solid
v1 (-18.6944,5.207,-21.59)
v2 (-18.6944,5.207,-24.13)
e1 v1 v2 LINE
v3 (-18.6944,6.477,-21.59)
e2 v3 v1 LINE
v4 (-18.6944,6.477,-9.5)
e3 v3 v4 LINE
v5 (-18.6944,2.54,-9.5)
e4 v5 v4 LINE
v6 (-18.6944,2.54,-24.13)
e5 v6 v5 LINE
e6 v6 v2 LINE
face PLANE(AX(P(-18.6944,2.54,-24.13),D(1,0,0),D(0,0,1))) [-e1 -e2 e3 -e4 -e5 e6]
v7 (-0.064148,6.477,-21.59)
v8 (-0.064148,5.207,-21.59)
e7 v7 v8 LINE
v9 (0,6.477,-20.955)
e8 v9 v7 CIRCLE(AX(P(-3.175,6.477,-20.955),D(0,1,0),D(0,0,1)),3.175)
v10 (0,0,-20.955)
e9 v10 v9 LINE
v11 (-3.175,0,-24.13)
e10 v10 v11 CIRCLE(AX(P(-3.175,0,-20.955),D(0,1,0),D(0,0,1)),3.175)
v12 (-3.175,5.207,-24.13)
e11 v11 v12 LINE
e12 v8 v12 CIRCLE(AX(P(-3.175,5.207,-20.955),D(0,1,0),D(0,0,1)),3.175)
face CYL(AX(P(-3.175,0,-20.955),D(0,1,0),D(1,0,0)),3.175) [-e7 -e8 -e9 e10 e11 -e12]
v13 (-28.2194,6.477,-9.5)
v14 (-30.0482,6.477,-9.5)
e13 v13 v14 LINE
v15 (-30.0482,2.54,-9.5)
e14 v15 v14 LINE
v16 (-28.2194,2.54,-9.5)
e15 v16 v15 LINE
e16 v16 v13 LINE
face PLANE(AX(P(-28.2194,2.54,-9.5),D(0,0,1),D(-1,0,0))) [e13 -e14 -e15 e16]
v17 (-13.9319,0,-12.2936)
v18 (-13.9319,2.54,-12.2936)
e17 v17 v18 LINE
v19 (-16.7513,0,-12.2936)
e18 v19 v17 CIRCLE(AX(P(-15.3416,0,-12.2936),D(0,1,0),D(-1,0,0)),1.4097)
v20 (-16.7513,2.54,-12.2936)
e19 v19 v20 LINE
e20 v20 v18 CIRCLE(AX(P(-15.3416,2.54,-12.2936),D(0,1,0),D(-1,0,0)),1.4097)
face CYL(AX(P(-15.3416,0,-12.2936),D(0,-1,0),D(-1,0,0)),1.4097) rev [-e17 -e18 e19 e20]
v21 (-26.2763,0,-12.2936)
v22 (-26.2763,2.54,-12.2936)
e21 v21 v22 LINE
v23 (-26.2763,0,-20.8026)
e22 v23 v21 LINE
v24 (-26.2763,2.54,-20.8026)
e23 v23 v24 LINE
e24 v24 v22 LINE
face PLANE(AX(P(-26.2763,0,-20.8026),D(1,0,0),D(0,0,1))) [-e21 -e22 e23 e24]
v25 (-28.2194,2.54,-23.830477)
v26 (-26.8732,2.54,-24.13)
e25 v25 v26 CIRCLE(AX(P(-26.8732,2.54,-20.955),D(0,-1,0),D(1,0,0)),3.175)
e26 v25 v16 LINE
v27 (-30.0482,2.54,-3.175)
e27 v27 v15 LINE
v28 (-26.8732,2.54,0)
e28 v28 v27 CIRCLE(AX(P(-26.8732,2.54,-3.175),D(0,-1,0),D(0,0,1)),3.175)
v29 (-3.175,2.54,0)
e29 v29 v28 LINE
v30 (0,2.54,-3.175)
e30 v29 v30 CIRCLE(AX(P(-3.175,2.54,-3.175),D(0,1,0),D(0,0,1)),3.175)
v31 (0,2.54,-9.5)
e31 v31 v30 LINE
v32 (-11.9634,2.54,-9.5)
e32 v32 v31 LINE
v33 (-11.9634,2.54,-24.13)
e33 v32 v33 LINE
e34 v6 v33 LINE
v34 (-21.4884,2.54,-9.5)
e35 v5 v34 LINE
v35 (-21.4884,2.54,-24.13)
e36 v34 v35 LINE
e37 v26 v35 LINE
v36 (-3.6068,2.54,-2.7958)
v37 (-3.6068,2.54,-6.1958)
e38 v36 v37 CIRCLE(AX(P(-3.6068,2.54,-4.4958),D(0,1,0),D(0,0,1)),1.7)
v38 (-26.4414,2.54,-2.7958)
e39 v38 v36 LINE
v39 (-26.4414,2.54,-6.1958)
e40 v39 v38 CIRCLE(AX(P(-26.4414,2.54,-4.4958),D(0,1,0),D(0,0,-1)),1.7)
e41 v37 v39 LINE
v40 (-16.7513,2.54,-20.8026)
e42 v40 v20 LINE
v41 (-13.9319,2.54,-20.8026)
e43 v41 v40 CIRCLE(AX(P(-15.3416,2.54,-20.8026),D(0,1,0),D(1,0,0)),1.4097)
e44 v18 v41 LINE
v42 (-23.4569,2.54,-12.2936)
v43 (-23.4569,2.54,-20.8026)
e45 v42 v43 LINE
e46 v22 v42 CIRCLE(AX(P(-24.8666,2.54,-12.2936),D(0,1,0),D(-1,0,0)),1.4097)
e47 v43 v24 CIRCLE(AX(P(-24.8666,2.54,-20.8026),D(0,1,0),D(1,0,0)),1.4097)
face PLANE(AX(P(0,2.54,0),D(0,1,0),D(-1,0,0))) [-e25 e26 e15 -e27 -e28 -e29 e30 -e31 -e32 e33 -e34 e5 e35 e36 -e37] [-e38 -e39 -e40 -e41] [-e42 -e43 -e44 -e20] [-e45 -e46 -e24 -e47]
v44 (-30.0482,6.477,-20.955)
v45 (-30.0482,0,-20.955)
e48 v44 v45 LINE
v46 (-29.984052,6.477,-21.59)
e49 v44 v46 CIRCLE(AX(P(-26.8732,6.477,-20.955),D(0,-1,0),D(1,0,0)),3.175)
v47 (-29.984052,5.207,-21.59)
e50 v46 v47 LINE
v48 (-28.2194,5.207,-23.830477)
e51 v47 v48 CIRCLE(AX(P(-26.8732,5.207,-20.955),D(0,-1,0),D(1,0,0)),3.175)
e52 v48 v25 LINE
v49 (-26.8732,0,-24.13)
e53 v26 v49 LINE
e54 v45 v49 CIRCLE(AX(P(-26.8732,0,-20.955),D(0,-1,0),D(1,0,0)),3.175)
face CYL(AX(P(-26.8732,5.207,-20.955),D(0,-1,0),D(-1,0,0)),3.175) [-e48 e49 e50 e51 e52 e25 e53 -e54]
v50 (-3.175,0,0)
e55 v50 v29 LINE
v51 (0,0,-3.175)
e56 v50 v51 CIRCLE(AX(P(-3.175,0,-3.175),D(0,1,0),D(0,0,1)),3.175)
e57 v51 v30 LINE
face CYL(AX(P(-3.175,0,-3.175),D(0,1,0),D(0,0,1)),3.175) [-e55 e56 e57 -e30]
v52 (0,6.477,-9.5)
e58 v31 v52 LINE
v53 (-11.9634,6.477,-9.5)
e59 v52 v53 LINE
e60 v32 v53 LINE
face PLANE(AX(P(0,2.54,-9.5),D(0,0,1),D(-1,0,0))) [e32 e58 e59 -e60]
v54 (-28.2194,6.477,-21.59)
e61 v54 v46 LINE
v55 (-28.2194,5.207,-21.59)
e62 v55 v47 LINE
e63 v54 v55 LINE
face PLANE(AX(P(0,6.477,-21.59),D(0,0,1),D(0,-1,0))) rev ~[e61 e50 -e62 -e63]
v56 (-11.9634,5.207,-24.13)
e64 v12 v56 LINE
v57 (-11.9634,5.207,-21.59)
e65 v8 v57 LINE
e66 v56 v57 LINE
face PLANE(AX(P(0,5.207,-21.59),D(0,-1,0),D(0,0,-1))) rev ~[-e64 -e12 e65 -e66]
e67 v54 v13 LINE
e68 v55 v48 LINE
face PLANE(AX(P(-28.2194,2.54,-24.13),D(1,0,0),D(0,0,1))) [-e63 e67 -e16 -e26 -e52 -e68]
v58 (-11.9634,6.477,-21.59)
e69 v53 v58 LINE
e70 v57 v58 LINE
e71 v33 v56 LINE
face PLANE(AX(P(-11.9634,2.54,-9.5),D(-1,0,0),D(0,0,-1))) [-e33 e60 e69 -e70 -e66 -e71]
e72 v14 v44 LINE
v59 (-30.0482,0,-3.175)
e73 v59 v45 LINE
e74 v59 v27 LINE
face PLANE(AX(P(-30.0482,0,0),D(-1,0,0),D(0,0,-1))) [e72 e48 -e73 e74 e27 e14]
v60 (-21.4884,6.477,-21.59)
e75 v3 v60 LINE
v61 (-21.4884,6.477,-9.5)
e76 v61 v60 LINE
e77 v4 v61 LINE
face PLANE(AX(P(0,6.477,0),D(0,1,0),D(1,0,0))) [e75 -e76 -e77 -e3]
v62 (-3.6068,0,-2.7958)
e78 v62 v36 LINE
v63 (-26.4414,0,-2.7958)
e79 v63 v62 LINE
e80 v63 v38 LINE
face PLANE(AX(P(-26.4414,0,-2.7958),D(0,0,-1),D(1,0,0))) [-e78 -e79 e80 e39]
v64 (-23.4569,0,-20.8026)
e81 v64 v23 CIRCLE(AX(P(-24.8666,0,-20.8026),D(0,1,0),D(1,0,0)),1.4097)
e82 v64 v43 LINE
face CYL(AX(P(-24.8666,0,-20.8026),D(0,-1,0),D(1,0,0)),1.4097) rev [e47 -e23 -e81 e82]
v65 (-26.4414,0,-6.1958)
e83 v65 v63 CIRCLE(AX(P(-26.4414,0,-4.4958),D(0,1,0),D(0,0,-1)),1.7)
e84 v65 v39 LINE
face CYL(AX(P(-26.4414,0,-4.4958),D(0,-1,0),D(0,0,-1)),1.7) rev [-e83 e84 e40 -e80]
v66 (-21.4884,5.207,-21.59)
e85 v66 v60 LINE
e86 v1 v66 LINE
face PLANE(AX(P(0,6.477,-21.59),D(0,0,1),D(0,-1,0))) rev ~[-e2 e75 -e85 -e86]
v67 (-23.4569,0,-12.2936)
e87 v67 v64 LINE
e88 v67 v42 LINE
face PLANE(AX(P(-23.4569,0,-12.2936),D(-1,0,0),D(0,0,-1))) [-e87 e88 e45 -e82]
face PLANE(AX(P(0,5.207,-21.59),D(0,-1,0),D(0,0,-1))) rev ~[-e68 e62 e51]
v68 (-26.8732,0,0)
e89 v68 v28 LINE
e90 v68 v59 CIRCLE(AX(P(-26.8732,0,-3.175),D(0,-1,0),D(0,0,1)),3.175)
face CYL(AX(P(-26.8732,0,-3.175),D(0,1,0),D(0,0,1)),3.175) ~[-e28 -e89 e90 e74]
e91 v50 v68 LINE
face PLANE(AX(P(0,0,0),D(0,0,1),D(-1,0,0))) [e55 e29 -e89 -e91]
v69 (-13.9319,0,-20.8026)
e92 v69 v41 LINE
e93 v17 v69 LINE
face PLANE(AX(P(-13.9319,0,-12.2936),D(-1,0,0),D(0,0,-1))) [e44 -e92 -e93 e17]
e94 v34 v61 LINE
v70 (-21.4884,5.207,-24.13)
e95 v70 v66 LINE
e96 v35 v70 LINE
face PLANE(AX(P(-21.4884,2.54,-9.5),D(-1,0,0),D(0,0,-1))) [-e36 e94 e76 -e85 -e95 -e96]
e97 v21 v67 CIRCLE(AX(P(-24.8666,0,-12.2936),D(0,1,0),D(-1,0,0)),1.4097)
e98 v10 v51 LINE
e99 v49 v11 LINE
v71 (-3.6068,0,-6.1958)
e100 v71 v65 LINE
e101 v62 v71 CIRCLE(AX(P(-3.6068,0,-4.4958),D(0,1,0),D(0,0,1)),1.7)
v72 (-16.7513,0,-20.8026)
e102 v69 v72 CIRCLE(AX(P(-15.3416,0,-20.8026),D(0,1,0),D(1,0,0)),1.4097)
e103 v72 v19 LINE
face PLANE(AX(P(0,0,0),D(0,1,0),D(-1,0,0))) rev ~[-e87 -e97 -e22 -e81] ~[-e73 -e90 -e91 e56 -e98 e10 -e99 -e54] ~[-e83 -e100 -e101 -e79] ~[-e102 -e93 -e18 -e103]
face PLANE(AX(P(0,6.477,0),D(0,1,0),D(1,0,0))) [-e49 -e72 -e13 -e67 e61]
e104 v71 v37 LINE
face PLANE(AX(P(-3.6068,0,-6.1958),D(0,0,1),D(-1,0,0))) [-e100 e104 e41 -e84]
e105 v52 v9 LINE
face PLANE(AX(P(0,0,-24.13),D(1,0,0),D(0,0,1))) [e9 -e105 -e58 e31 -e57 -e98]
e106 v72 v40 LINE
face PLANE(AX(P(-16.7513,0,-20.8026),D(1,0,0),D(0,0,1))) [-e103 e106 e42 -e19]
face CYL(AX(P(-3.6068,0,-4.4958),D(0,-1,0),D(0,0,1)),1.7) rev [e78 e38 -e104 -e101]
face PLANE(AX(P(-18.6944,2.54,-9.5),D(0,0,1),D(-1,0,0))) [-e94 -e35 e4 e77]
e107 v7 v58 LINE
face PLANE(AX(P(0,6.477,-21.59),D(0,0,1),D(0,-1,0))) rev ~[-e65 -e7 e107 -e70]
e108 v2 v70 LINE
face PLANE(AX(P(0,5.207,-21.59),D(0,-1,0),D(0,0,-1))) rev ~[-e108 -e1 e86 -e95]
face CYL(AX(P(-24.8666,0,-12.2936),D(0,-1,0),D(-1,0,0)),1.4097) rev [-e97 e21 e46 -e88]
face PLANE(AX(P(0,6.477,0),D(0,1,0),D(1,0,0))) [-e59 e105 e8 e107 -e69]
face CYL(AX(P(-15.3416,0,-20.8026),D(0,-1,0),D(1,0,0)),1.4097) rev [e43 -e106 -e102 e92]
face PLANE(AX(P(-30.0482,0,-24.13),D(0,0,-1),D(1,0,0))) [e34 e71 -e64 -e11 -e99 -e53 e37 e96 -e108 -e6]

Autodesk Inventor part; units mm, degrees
ref_plane "YZ Plane" through (0, 0, 0) normal (1, 0, 0) x (0, 1, 0)
sketch "Sketch1" plane through (0, 0, 0) normal (0, 1, 0) x (-1, 0, 0)
  line L0 (0, 0) -> (30.0482, 0)
  line L1 (30.0482, 0) -> (30.0482, -24.13)
  line L2 (30.0482, -24.13) -> (0, -24.13)
  line L3 (0, -24.13) -> (0, 0)
  line L4 (15.3416, -12.2936) -> (15.3416, -20.8026) construction
  line L5 (13.9319, -12.2936) -> (13.9319, -20.8026)
  line L6 (16.7513, -20.8026) -> (16.7513, -12.2936)
  arc A0 (16.7513, -12.2936) -> (13.9319, -12.2936) centre (15.3416, -12.2936) ccw
  arc A1 (13.9319, -20.8026) -> (16.7513, -20.8026) centre (15.3416, -20.8026) ccw
  line L7 (24.8666, -12.2936) -> (24.8666, -20.8026) construction
  line L8 (23.4569, -12.2936) -> (23.4569, -20.8026)
  line L9 (26.2763, -20.8026) -> (26.2763, -12.2936)
  arc A2 (26.2763, -12.2936) -> (23.4569, -12.2936) centre (24.8666, -12.2936) ccw
  arc A3 (23.4569, -20.8026) -> (26.2763, -20.8026) centre (24.8666, -20.8026) ccw
  line L10 (26.4414, -4.4958) -> (3.6068, -4.4958) construction
  line L11 (26.4414, -2.7958) -> (3.6068, -2.7958)
  line L12 (3.6068, -6.1958) -> (26.4414, -6.1958)
  arc A4 (26.4414, -6.1958) -> (26.4414, -2.7958) centre (26.4414, -4.4958) ccw
  arc A5 (3.6068, -2.7958) -> (3.6068, -6.1958) centre (3.6068, -4.4958) ccw
  point P0 (15.3416, -16.5481)
  point P1 (24.8666, -16.5481)
  point P2 (15.0241, -4.4958)
  dimension "d0" = 30.0482
  dimension "d1" = 24.13
  dimension "d5" = 12.2936
  dimension "d6" = 2.8194
  dimension "d8" = 3.3274
  dimension "d11" = 9.525
  dimension "d16" = 3.4
  dimension "d17" = 4.4958
  dimension "d18" = 3.6068
  dimension "d19" = 3.6068
  dimension "d43" = 5.1816
extrude "Shape" add sketch "Sketch1" along normal blind 2.54
sketch "Sketch2" plane through (0, 2.54, 0) normal (0, 1, 0) x (1, 0, 0)
  line L0 (0, 24.13) -> (-30.0482, 24.13) projected
  line L1 (0, 0) -> (0, 24.13) projected
  line L2 (-30.0482, 24.13) -> (0, 24.13)
  line L3 (0, 24.13) -> (0, 9.5)
  line L4 (0, 9.5) -> (-30.0482, 9.5)
  line L5 (-30.0482, 9.5) -> (-30.0482, 24.13)
  line L6 (-30.0482, 0) -> (0, 0) projected
  line L7 (-11.9634, 9.5) -> (-11.9634, 24.13)
  line L8 (-11.9634, 24.13) -> (-18.6944, 24.13)
  line L9 (-18.6944, 24.13) -> (-18.6944, 9.5)
  arc A0 (-16.7513, 12.2936) -> (-13.9319, 12.2936) centre (-15.3416, 12.2936) ccw projected
  line L10 (-18.1778, 2.3562) -> (-11.9634, 24.13) construction
  line L11 (-12.9982, 4.0205) -> (-18.6944, 24.13) construction
  line L12 (-18.6944, 9.5) -> (-1.5875, 9.5)
  line L13 (-28.2194, 24.13) -> (-28.2194, 9.5)
  line L14 (-21.4884, 9.5) -> (-21.4884, 24.13)
  line L15 (-28.2194, 9.5) -> (-11.1125, 9.5)
  line L16 (-21.4884, 24.13) -> (-28.2194, 24.13)
  point P0 (-11.9634, 24.13)
  point P1 (-21.4884, 9.5)
  point P2 (-18.6944, 9.5)
  point P3 (-28.2194, 24.13)
  dimension "d22" = 9.5
  dimension "d23" = 6.731
  dimension "d27" = 9.525
  dimension "d44" = 1.8288
extrude "Extrusion2" add sketch "Sketch2" along normal blind 3.937 contours L1 L4 L7 L0 | L9 L4 L14 L0 | L13 L4 L5 L0
ref_plane "Work Plane1" through (-15.3416, 0, -12.2936) normal (1, 0, 0) x (0, 0, -1)
ref_plane "Work Plane2" through (-24.8666, 0, -12.2936) normal (1, 0, 0) x (0, 0, -1)
sketch "Sketch3" plane through (0, 0, 0) normal (1, 0, 0) x (0, 0, -1)
  line L0 (24.13, 6.477) -> (9.5, 6.477) projected
  line L1 (24.13, 6.477) -> (21.59, 6.477)
  line L2 (21.59, 6.477) -> (21.59, 5.207)
  line L3 (21.59, 5.207) -> (24.13, 5.207)
  line L4 (24.13, 5.207) -> (24.13, 6.477)
  point P0 (0, 0)
  dimension "d35" = 2.54
  dimension "d36" = 1.27
extrude "Extrusion3" cut sketch "Sketch3" against normal through all
fillet "Fillet2" radius 3.175 4 edges at (0, 1.27, 0) (0, 2.6035, -24.13) (-30.0482, 2.6035, -24.13) (-30.0482, 1.27, 0)
equation "\"d19\" = d18"
equation "\"d27\" = d11"
properties part number "Limit switch mount top nut well"
